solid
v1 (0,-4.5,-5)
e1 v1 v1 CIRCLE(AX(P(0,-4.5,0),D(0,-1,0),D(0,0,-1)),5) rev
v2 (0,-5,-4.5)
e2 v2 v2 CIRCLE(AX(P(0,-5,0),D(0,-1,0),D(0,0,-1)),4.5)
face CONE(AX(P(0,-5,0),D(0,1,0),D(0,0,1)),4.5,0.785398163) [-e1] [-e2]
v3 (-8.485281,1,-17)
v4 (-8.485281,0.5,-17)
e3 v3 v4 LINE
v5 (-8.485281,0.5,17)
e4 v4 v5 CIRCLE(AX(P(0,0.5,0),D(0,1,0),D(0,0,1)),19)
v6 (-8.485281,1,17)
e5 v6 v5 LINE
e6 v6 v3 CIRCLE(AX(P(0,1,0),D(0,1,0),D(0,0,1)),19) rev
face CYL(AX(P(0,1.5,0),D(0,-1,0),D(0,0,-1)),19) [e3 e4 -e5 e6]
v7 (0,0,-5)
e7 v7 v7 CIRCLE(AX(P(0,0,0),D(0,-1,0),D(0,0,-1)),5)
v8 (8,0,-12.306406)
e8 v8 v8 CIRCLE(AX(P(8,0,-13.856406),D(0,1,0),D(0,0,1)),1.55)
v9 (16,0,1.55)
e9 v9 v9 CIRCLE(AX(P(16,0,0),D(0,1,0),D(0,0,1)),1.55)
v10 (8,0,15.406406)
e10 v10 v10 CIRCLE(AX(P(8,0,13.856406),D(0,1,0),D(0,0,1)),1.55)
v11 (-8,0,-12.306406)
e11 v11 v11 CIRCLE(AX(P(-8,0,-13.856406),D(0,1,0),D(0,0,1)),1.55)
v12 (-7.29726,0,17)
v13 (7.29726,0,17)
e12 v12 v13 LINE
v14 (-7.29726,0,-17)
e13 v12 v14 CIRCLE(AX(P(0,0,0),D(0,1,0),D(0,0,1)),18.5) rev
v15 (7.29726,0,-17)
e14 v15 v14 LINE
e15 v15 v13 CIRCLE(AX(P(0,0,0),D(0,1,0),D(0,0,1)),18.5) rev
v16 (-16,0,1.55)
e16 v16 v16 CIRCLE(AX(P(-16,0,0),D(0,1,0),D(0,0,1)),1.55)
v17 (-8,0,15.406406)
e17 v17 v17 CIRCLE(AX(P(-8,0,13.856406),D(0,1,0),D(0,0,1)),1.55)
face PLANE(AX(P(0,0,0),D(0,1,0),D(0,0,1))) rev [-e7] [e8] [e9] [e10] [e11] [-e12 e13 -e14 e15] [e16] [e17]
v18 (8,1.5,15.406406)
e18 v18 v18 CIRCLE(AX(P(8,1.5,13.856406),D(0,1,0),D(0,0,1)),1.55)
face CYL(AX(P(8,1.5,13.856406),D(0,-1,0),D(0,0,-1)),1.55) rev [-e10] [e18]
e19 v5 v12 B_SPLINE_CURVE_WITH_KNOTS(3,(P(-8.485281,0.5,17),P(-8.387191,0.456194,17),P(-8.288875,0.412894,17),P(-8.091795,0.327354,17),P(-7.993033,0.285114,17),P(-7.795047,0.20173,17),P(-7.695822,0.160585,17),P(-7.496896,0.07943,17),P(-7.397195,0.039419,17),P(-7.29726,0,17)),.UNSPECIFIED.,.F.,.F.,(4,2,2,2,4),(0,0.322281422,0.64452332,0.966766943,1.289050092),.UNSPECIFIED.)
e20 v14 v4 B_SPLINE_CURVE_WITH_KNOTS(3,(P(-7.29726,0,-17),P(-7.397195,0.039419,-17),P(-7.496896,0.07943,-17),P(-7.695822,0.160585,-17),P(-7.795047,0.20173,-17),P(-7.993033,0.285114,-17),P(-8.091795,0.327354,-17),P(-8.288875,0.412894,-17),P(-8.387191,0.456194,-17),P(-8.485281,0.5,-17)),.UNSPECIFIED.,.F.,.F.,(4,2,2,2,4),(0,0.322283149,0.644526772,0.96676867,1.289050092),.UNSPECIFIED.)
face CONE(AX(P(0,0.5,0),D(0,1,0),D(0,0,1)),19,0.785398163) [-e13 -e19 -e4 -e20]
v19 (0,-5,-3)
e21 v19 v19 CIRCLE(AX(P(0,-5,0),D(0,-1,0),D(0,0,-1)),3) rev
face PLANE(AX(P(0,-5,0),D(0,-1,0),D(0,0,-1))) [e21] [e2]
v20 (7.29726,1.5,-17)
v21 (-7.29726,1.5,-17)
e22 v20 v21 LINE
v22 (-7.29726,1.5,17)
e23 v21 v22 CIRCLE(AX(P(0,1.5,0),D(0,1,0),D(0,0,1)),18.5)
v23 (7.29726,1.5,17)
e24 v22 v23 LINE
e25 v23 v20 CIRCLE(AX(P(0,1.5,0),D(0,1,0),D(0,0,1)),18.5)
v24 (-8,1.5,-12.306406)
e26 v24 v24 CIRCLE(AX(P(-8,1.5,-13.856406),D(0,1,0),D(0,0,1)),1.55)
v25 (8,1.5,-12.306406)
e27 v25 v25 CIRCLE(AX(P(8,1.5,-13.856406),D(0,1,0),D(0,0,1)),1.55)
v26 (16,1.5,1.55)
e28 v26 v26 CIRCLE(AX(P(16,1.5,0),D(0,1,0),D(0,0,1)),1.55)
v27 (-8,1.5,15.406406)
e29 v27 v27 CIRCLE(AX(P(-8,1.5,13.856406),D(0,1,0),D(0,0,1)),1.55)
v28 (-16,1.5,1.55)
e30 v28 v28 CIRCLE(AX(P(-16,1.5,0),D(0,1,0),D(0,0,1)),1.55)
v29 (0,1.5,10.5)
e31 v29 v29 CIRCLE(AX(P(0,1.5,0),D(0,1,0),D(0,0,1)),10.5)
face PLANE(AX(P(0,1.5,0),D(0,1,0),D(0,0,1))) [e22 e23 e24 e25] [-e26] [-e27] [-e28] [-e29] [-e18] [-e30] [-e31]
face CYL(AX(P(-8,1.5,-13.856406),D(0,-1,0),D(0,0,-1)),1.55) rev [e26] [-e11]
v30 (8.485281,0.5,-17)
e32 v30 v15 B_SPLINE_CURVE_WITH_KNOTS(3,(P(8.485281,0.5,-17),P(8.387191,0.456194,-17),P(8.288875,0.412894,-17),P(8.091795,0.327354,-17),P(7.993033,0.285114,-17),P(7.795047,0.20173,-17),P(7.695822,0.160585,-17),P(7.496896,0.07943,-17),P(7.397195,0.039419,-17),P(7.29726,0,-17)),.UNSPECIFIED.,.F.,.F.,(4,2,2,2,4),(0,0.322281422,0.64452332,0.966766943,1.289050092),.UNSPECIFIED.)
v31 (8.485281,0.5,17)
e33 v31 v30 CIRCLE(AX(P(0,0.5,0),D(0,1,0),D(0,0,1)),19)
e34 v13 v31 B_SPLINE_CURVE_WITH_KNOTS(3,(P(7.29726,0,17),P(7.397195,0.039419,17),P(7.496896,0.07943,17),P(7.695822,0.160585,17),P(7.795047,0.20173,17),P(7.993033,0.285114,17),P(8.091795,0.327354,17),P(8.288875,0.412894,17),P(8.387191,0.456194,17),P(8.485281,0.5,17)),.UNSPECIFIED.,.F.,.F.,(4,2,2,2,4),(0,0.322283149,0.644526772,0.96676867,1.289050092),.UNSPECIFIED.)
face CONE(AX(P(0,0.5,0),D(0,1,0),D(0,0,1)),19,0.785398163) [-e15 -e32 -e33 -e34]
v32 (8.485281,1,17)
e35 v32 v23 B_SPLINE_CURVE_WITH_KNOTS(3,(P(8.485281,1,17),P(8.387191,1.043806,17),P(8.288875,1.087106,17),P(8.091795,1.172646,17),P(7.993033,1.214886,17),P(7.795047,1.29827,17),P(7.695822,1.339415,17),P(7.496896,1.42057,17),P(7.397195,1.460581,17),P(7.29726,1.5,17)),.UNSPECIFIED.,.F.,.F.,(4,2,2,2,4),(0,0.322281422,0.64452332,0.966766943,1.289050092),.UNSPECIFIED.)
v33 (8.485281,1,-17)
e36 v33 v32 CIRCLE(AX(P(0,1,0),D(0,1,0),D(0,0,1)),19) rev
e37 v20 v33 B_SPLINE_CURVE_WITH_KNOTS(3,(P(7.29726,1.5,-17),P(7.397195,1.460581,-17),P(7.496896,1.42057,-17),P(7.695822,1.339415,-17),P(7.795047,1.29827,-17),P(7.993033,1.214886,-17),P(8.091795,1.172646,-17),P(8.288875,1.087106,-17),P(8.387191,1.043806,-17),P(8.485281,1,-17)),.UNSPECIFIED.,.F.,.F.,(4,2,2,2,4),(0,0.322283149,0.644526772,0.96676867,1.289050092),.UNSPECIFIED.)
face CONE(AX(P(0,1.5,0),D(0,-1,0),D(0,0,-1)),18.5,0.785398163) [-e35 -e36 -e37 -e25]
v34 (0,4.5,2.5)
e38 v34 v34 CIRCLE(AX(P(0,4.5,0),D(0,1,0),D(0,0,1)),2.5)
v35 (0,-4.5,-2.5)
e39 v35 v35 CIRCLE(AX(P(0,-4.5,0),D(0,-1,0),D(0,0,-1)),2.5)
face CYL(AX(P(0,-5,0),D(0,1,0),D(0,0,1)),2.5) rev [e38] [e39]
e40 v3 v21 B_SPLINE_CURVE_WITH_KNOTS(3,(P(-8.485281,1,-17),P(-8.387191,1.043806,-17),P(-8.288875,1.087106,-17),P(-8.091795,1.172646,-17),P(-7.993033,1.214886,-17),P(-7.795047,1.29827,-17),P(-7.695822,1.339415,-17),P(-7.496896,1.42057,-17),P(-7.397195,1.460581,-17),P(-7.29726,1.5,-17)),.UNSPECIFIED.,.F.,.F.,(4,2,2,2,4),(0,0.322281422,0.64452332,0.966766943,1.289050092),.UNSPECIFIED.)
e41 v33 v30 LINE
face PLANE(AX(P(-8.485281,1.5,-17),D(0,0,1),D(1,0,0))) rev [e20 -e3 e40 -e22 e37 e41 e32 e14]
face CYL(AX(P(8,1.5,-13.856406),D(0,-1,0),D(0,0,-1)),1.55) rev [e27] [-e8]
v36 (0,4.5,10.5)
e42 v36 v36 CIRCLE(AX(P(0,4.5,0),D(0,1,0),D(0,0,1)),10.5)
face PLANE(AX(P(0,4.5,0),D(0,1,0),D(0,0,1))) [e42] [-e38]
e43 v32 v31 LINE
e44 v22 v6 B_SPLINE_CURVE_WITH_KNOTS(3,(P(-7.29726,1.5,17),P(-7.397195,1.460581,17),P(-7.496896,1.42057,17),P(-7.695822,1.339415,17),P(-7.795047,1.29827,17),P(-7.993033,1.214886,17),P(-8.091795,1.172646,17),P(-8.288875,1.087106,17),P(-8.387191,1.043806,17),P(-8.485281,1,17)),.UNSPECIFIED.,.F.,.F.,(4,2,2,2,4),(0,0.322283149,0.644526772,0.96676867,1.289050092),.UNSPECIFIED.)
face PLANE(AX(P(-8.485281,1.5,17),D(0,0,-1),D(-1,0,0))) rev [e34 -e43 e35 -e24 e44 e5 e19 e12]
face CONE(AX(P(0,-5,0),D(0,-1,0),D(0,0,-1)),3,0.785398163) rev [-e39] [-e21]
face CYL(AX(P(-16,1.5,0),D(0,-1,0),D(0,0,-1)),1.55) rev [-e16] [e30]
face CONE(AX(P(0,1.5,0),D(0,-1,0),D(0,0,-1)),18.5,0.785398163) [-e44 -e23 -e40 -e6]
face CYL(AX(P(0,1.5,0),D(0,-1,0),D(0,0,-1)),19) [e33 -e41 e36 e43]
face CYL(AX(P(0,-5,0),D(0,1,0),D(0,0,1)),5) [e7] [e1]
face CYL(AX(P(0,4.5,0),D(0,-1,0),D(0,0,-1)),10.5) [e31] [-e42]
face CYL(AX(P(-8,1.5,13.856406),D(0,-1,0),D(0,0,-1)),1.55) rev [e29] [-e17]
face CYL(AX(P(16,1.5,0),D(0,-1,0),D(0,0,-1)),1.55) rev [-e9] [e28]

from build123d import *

# Parameters (mm, degrees)
SKETCH1_R           = 1.55
BOSS_EXTRUDE1_DEPTH = 1.5
SKETCH2_R           = 10.5
BOSS_EXTRUDE2_DEPTH = 3
SKETCH3_R           = 5
BOSS_EXTRUDE3_DEPTH = 5
SKETCH4_R           = 2.5
CUT_EXTRUDE1_DEPTH  = 28.207535721
CHAMFER1_SIZE       = 0.5


with BuildPart() as part:
    # Sketch1 → Boss-Extrude1 (new body)
    with BuildSketch(Plane(origin=(0, 0, 0), x_dir=(1, 0, 0), z_dir=(0, 1, 0))):
        with BuildLine():
            Line((-8.485281374, 17), (8.485281374, 17))
            ThreePointArc((8.485281374, 17), (19, 0), (8.485281374, -17))
            Line((8.485281374, -17), (-8.485281374, -17))
            ThreePointArc((-8.485281374, -17), (-19, 0), (-8.485281374, 17))
        make_face()
        with Locations(Location((-16, 0, 0), (0, 0, 270))):
            Circle(SKETCH1_R, mode=Mode.SUBTRACT)
        with Locations(Location((-8, 13.856406461, 0), (0, 0, 270))):
            Circle(SKETCH1_R, mode=Mode.SUBTRACT)
        with Locations(Location((8, 13.856406461, 0), (0, 0, 270))):
            Circle(SKETCH1_R, mode=Mode.SUBTRACT)
        with Locations(Location((16, 0, 0), (0, 0, 270))):
            Circle(SKETCH1_R, mode=Mode.SUBTRACT)
        with Locations(Location((8, -13.856406461, 0), (0, 0, 270))):
            Circle(SKETCH1_R, mode=Mode.SUBTRACT)
        with Locations(Location((-8, -13.856406461, 0), (0, 0, 270))):
            Circle(SKETCH1_R, mode=Mode.SUBTRACT)
    extrude(amount=BOSS_EXTRUDE1_DEPTH)

    # Sketch2 → Boss-Extrude2 (add)
    with BuildSketch(Plane(origin=(0, 1.5, 0), x_dir=(1, 0, 0), z_dir=(0, 1, 0))):
        with Locations(Location((0, 0, 0), (0, 0, 270))):
            Circle(SKETCH2_R)
    extrude(amount=BOSS_EXTRUDE2_DEPTH)

    # Sketch3 → Boss-Extrude3 (add)
    with BuildSketch(Plane.XZ):
        with Locations(Location((0, 0, 0), (0, 0, 270))):
            Circle(SKETCH3_R)
    extrude(amount=BOSS_EXTRUDE3_DEPTH)

    # Sketch4 → Cut-Extrude1 (cut, through all)
    with BuildSketch(Plane(origin=(0, 4.5, 0), x_dir=(1, 0, 0), z_dir=(0, 1, 0))):
        with Locations(Location((0, 0, 0), (0, 0, 270))):
            Circle(SKETCH4_R)
    extrude(amount=-CUT_EXTRUDE1_DEPTH, mode=Mode.SUBTRACT)

    # Chamfer1
    chamfer1_edges = [part.edges().sort_by_distance(p)[0] for p in [
        (-19, 1.5, 0),
        (0, -5, 5),
        (19, 1.5, 0),
        (0, -5, -2.5),
        (-19, 0, 0),
        (19, 0, 0),
    ]]
    chamfer(chamfer1_edges, length=CHAMFER1_SIZE)


solid = part.part
